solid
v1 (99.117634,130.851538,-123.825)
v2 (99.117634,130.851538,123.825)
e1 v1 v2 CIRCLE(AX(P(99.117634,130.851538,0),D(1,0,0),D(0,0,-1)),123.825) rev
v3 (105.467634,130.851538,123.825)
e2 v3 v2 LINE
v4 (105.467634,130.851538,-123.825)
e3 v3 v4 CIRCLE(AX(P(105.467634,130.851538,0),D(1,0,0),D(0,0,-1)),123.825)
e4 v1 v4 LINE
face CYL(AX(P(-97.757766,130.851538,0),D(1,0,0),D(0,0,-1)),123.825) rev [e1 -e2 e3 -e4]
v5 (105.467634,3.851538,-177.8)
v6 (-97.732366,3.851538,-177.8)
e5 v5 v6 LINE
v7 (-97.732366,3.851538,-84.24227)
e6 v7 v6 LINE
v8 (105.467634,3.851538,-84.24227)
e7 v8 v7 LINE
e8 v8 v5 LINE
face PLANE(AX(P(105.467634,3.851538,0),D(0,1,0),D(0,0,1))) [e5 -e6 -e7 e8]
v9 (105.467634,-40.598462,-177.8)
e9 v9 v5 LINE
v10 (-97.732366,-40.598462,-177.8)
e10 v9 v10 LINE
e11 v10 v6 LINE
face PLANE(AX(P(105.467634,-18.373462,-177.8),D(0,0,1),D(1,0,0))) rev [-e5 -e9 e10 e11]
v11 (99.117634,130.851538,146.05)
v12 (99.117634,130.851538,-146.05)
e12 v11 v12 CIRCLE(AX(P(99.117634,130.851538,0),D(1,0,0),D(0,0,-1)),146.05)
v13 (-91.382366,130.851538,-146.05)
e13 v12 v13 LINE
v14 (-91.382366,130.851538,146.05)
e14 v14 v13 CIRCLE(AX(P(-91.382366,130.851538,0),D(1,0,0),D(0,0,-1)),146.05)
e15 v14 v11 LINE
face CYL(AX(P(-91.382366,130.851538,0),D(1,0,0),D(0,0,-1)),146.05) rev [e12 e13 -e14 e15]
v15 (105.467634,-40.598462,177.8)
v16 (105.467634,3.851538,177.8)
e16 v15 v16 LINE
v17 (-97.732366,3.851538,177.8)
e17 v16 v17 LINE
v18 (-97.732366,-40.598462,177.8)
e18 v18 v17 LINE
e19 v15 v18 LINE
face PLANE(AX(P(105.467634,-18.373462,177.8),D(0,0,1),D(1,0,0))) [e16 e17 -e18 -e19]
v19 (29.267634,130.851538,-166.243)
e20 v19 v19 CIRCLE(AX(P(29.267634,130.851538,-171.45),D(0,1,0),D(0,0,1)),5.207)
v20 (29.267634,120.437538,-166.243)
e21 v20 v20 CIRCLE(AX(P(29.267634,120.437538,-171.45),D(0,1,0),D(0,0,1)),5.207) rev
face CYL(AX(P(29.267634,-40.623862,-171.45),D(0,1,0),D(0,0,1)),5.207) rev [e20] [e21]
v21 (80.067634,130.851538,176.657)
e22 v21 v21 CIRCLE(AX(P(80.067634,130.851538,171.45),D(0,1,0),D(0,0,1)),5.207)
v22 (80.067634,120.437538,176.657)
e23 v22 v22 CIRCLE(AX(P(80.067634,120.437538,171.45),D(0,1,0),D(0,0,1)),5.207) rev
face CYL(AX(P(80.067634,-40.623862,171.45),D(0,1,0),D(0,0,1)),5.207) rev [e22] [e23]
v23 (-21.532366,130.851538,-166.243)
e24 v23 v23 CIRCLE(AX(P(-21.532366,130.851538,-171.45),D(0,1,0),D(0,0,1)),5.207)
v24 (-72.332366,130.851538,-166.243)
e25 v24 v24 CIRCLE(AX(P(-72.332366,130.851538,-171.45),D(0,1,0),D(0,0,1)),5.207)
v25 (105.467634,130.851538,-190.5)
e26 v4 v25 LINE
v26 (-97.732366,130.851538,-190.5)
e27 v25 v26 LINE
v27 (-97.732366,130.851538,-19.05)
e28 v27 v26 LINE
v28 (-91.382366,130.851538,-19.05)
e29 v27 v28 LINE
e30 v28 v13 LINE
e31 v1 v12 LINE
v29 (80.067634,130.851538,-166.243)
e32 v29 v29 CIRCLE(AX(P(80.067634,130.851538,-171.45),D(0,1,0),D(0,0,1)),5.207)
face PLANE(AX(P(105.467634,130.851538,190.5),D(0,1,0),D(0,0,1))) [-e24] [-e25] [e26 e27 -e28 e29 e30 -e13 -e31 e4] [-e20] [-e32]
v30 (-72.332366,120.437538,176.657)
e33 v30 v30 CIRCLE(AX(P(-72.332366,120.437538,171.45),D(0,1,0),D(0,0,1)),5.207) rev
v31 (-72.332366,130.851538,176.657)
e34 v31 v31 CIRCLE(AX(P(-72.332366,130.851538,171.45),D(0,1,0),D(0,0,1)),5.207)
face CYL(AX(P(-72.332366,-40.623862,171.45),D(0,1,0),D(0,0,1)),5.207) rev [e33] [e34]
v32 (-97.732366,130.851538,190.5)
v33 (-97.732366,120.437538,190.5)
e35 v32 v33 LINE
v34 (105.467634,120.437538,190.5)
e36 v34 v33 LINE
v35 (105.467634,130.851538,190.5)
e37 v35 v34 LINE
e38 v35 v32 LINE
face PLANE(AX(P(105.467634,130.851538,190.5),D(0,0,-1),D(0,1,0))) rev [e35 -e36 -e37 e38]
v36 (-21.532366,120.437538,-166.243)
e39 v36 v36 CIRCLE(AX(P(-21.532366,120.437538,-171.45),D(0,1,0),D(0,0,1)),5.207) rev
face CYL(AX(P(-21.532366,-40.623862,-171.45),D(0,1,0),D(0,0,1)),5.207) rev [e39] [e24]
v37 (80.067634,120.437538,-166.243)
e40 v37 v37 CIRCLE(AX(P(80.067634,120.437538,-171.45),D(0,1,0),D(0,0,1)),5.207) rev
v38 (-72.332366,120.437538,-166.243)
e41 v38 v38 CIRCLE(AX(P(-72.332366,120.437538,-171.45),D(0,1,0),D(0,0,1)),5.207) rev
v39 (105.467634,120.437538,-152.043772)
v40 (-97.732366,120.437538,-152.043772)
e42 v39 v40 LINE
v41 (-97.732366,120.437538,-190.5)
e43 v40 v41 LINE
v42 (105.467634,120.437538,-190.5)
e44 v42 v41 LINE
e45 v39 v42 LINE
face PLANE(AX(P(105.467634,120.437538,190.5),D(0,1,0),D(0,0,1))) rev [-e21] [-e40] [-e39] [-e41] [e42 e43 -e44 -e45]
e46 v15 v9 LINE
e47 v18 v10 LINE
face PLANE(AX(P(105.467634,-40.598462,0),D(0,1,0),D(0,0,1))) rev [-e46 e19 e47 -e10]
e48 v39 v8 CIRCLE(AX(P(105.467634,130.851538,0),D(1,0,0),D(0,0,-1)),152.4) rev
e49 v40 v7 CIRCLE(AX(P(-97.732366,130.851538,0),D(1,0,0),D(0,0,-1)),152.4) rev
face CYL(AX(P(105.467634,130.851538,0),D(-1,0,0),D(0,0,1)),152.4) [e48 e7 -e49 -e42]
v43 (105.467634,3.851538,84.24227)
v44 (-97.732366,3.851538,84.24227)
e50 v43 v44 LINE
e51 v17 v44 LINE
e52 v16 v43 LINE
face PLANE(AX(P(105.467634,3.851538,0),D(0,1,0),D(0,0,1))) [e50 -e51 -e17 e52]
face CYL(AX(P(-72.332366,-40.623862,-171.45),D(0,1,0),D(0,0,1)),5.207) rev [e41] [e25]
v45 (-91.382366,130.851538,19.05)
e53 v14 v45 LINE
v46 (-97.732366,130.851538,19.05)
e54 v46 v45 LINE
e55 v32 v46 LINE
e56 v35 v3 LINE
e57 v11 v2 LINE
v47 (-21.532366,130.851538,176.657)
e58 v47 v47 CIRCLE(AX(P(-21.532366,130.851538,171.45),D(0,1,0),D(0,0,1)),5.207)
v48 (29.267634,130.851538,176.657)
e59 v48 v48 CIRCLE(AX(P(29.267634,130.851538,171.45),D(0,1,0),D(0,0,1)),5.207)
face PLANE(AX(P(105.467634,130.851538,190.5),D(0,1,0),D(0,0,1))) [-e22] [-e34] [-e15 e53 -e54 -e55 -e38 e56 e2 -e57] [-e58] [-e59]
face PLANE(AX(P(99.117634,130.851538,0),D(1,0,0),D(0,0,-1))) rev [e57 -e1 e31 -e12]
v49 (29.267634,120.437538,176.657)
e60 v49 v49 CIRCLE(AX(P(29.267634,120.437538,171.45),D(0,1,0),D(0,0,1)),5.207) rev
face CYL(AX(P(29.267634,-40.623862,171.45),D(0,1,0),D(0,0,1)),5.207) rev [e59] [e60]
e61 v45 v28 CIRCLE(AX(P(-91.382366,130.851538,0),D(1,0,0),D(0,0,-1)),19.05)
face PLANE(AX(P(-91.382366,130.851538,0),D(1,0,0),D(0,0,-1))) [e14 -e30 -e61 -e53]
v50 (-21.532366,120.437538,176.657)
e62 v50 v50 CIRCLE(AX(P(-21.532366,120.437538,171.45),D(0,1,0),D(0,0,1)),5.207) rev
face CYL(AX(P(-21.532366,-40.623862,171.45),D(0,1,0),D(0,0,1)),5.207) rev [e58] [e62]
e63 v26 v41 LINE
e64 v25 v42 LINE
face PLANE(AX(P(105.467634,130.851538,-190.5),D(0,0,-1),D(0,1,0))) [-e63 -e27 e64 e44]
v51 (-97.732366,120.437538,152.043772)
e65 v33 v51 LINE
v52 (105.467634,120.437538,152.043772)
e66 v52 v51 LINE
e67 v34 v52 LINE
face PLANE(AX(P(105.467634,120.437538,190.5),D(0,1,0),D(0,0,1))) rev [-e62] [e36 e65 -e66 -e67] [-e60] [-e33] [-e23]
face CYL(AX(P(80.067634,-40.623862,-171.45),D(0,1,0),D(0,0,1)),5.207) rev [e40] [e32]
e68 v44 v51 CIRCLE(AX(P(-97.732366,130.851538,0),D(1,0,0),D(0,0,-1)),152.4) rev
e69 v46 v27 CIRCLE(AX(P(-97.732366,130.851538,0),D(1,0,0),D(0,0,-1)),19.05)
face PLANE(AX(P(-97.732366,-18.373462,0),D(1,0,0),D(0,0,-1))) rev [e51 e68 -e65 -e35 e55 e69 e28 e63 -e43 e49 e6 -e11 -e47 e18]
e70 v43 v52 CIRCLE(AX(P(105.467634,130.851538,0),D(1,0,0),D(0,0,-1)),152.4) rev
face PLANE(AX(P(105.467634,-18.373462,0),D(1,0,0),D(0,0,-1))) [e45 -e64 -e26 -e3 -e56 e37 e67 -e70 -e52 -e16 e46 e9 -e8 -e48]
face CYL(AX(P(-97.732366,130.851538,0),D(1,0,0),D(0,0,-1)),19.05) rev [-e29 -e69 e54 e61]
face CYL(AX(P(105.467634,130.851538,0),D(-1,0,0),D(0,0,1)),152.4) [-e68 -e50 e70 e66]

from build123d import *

# Parameters (mm, degrees)
BOSS_EXTRUDE1_DEPTH  = 4
SKETCH2_R            = 5.75
CUT_EXTRUDE1_DEPTH   = 3.75
SKETCH5_R            = 0.205
CUT_EXTRUDE2_DEPTH   = 0.41
LPATTERN1_COUNT      = 4
LPATTERN1_PITCH      = 2
LPATTERN1_COUNT_DIR2 = 2
LPATTERN1_PITCH_DIR2 = 13.5
CUT_EXTRUDE3_DEPTH   = 13.440483311
CUT_EXTRUDE4_REACH   = 14.44
SKETCH6_3_R          = 4.875
SKETCH6_3_R_2        = 0.75
SCALE1_SCALE         = 25.4


with BuildPart() as part:
    # Sketch1 → Boss-Extrude1 (new, symmetric)
    with BuildSketch(Plane(origin=(0, 0, 0), x_dir=(0, 0, -1), z_dir=(1, 0, 0))):
        with BuildLine():
            Line((-7, 0.875), (-7, -0.875))
            Line((-7, -0.875), (7, -0.875))
            Line((7, -0.875), (7, 0.875))
            Line((7, 0.875), (3.31662479, 0.875))
            ThreePointArc((3.31662479, 0.875), (5.186676874, 2.858647401), (5.985975276, 5.465))
            Line((5.985975276, 5.465), (7.5, 5.465))
            Line((7.5, 5.465), (7.5, 5.875))
            Line((7.5, 5.875), (-7.5, 5.875))
            Line((-7.5, 5.875), (-7.5, 5.465))
            Line((-7.5, 5.465), (-5.985975276, 5.465))
            ThreePointArc((-5.985975276, 5.465), (-5.186676874, 2.858647401), (-3.31662479, 0.875))
            Line((-3.31662479, 0.875), (-7, 0.875))
        make_face()
    extrude(amount=BOSS_EXTRUDE1_DEPTH, both=True)

    # Sketch2 → Cut-Extrude1 (cut, symmetric)
    with BuildSketch(Plane(origin=(0, 0, 0), x_dir=(0, 0, -1), z_dir=(1, 0, 0))):
        with Locations((0, 5.875)):
            Circle(SKETCH2_R)
    extrude(amount=CUT_EXTRUDE1_DEPTH, both=True, mode=Mode.SUBTRACT)

    # Sketch5 → Cut-Extrude2 (cut)
    with BuildSketch(Plane(origin=(0, 5.875, 0), x_dir=(1, 0, 0), z_dir=(0, 1, 0))):
        with Locations(Location((-3, 6.75, 0), (0, 0, 270))):
            Circle(SKETCH5_R)
    cut_extrude2 = extrude(amount=-CUT_EXTRUDE2_DEPTH, mode=Mode.SUBTRACT)

    # LPattern1: Cut-Extrude2 4 × 2
    with Locations(*[(i * LPATTERN1_PITCH, 0, j * LPATTERN1_PITCH_DIR2) for i in range(LPATTERN1_COUNT) for j in range(LPATTERN1_COUNT_DIR2) if (i, j) != (0, 0)]):
        add(cut_extrude2, mode=Mode.SUBTRACT)

    # Sketch6 → Cut-Extrude3 (cut, through all)
    with BuildSketch(Plane(origin=(4, 0, 0), x_dir=(0, 0, -1), z_dir=(1, 0, 0))):
        with BuildLine():
            Line((-0.75, 5.875), (0.75, 5.875))
            ThreePointArc((0.75, 5.875), (0, 6.625), (-0.75, 5.875))
        make_face()
        with BuildLine():
            ThreePointArc((-0.75, 5.875), (0, 5.125), (0.75, 5.875))
            Line((0.75, 5.875), (-0.75, 5.875))
        make_face()
    extrude(amount=-CUT_EXTRUDE3_DEPTH, mode=Mode.SUBTRACT)

    # Sketch6<3> → Cut-Extrude4 (cut, up to next)
    with BuildSketch(Plane(origin=(4, 0, 0), x_dir=(0, 0, -1), z_dir=(1, 0, 0)), mode=Mode.PRIVATE) as cut_extrude4_sk1:
        with Locations((0, 5.875)):
            Circle(SKETCH6_3_R)
        with Locations((0, 5.875)):
            Circle(SKETCH6_3_R_2, mode=Mode.SUBTRACT)
    cut_extrude4_tool1 = extrude(cut_extrude4_sk1.sketch, amount=-CUT_EXTRUDE4_REACH, mode=Mode.PRIVATE) & part.part
    add(cut_extrude4_tool1.solids().sort_by_distance((4, 5.875, 4.737114))[0], mode=Mode.SUBTRACT)


with BuildPart() as part_1:
    # Scale1: scaled about (-0.158509588, 0.753010739, 0)
    add(part.part.scale(SCALE1_SCALE).moved(Location((3.867633947, -18.373462032, 0))))


solid = part_1.part
